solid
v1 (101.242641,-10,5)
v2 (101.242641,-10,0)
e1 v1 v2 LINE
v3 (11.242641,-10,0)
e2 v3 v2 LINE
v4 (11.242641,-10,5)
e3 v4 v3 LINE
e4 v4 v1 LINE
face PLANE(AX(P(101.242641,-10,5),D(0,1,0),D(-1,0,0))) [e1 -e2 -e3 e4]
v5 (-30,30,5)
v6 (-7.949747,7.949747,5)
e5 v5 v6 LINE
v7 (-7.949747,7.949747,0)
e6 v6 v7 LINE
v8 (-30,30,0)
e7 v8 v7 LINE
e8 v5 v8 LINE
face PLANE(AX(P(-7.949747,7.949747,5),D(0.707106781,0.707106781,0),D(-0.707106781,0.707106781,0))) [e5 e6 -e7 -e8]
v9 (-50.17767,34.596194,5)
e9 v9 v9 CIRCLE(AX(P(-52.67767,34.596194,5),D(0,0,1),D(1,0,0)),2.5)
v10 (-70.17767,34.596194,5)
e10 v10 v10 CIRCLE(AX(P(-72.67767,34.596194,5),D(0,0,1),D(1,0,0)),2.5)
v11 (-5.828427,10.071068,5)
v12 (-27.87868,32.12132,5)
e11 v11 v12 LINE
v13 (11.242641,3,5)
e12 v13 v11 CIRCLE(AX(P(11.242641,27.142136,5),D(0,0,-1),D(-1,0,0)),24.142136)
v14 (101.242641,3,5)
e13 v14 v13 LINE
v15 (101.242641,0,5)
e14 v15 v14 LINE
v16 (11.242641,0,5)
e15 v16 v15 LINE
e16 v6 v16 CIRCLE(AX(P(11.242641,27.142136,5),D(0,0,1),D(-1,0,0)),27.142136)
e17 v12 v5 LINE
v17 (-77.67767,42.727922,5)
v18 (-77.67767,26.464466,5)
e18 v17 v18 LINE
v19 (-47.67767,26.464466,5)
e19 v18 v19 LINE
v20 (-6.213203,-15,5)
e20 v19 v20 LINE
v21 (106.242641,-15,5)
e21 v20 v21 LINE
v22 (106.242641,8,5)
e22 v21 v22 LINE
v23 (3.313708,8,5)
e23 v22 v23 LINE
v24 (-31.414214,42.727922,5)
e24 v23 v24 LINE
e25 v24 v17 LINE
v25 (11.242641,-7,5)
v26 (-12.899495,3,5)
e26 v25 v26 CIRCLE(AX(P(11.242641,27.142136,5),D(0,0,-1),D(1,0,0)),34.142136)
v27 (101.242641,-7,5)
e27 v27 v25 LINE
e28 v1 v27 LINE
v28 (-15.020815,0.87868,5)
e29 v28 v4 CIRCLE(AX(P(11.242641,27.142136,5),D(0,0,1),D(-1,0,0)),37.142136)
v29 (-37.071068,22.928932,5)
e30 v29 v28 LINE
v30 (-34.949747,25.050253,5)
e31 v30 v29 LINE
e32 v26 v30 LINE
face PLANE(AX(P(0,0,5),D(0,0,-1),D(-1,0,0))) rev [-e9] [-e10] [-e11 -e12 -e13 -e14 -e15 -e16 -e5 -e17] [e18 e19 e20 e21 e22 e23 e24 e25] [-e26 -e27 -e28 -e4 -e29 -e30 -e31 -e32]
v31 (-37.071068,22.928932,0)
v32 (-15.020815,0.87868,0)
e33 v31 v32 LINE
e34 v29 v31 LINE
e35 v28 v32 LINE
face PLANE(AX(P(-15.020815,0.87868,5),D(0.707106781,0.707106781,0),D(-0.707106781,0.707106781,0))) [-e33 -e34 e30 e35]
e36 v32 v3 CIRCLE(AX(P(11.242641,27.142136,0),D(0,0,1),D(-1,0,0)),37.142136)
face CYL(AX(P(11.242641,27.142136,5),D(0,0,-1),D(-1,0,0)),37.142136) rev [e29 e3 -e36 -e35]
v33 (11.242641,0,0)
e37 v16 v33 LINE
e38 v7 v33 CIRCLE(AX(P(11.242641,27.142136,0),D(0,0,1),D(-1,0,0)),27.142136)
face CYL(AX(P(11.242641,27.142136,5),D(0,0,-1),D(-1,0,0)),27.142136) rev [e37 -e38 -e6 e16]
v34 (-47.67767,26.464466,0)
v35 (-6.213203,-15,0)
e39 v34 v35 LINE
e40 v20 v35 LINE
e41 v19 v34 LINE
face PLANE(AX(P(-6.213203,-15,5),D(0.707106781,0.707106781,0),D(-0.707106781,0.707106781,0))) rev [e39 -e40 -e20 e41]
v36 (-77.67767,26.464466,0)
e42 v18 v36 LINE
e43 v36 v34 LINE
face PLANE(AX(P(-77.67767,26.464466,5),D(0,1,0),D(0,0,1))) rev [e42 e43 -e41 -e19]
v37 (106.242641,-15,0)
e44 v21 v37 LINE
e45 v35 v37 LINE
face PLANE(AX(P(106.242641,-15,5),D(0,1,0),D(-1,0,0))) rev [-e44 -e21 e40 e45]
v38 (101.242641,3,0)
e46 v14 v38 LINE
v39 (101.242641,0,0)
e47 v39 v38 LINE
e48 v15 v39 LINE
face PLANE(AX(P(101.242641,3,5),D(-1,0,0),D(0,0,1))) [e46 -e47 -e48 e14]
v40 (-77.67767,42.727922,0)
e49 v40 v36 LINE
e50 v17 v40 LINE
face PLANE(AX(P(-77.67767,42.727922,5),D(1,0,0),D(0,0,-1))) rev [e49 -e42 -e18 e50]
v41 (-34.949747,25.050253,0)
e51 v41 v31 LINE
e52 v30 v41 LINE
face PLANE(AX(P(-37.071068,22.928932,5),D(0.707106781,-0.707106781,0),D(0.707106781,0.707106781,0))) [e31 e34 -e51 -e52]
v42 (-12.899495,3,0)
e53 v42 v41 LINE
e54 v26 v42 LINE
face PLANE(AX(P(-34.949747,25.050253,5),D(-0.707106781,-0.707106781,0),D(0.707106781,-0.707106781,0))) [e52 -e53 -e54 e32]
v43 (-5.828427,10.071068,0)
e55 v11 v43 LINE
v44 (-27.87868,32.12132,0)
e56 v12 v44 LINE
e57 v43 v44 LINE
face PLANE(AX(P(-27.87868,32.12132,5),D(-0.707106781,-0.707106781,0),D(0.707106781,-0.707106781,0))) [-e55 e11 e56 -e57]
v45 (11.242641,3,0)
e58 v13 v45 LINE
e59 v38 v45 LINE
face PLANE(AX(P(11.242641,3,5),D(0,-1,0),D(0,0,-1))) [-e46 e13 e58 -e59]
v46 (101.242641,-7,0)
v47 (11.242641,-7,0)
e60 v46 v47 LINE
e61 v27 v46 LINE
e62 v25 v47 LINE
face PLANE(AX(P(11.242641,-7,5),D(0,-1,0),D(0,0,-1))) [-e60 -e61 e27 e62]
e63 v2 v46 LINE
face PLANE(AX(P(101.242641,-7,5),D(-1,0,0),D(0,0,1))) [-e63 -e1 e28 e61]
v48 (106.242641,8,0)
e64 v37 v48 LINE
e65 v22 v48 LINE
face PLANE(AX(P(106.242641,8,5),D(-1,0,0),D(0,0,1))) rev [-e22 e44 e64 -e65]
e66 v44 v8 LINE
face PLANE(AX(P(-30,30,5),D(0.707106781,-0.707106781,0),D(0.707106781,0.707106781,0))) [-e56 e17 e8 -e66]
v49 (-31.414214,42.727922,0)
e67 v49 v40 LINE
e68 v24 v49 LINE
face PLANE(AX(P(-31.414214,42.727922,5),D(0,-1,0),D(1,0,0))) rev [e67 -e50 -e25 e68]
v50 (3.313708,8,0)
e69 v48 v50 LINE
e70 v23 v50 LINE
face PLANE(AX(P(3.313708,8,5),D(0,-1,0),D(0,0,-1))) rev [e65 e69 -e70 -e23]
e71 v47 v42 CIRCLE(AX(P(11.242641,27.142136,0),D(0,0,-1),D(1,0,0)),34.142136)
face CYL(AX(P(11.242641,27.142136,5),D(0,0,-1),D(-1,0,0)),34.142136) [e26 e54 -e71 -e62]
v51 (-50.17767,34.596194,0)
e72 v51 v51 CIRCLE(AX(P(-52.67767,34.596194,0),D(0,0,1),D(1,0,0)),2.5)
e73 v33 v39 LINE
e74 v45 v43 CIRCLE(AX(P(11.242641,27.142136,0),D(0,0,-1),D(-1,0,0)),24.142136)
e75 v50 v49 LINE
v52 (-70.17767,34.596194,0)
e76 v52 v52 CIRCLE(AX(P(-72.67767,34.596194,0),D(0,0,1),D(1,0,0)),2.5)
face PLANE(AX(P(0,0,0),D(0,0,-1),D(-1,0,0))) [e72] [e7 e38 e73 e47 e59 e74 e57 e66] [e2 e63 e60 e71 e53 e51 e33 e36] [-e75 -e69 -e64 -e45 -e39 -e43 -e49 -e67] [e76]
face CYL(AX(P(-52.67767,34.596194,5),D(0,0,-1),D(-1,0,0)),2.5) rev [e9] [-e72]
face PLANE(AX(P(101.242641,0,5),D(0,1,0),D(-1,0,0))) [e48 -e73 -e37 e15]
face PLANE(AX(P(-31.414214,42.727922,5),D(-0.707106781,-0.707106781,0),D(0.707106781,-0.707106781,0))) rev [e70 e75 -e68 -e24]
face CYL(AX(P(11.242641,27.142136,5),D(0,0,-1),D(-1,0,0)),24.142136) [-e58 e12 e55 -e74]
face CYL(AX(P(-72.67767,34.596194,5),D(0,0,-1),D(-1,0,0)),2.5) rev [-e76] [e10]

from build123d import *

# Parameters (mm, degrees)
SKETCH2_R           = 2.5
BOSS_EXTRUDE1_DEPTH = 5


with BuildPart() as part:
    # Sketch2 → Boss-Extrude1 (new body)
    with BuildSketch(Plane.XY):
        Polygon((-31.414213562, 42.727922061), (3.313708499, 8), (106.242640687, 8), (106.242640687, -15), (-6.213203436, -15), (-47.67766953, 26.464466094), (-77.67766953, 26.464466094), (-77.67766953, 42.727922061), align=None)
        with Locations((-72.67766953, 34.596194078)):
            Circle(SKETCH2_R, mode=Mode.SUBTRACT)
        with Locations((-52.67766953, 34.596194078)):
            Circle(SKETCH2_R, mode=Mode.SUBTRACT)
        with BuildLine():
            Line((-27.878679656, 32.121320344), (-5.828427125, 10.071067812))
            ThreePointArc((-5.828427125, 10.071067812), (2.003845362, 4.83771065), (11.242640687, 3))
            Line((11.242640687, 3), (101.242640687, 3))
            Line((101.242640687, 3), (101.242640687, 0))
            Line((101.242640687, 0), (11.242640687, 0))
            ThreePointArc((11.242640687, 0), (0.855795065, 2.066072052), (-7.949747468, 7.949747468))
            Line((-7.949747468, 7.949747468), (-30, 30))
            Line((-30, 30), (-27.878679656, 32.121320344))
        make_face(mode=Mode.SUBTRACT)
        with BuildLine():
            Line((-34.949747468, 25.050252532), (-12.899494937, 3))
            ThreePointArc((-12.899494937, 3), (-1.822988962, -4.401084675), (11.242640687, -7))
            Line((11.242640687, -7), (101.242640687, -7))
            Line((101.242640687, -7), (101.242640687, -10))
            Line((101.242640687, -10), (11.242640687, -10))
            ThreePointArc((11.242640687, -10), (-2.971039259, -7.172723273), (-15.02081528, 0.878679656))
            Line((-15.02081528, 0.878679656), (-37.071067812, 22.928932188))
            Line((-37.071067812, 22.928932188), (-34.949747468, 25.050252532))
        make_face(mode=Mode.SUBTRACT)
    extrude(amount=BOSS_EXTRUDE1_DEPTH)


solid = part.part
